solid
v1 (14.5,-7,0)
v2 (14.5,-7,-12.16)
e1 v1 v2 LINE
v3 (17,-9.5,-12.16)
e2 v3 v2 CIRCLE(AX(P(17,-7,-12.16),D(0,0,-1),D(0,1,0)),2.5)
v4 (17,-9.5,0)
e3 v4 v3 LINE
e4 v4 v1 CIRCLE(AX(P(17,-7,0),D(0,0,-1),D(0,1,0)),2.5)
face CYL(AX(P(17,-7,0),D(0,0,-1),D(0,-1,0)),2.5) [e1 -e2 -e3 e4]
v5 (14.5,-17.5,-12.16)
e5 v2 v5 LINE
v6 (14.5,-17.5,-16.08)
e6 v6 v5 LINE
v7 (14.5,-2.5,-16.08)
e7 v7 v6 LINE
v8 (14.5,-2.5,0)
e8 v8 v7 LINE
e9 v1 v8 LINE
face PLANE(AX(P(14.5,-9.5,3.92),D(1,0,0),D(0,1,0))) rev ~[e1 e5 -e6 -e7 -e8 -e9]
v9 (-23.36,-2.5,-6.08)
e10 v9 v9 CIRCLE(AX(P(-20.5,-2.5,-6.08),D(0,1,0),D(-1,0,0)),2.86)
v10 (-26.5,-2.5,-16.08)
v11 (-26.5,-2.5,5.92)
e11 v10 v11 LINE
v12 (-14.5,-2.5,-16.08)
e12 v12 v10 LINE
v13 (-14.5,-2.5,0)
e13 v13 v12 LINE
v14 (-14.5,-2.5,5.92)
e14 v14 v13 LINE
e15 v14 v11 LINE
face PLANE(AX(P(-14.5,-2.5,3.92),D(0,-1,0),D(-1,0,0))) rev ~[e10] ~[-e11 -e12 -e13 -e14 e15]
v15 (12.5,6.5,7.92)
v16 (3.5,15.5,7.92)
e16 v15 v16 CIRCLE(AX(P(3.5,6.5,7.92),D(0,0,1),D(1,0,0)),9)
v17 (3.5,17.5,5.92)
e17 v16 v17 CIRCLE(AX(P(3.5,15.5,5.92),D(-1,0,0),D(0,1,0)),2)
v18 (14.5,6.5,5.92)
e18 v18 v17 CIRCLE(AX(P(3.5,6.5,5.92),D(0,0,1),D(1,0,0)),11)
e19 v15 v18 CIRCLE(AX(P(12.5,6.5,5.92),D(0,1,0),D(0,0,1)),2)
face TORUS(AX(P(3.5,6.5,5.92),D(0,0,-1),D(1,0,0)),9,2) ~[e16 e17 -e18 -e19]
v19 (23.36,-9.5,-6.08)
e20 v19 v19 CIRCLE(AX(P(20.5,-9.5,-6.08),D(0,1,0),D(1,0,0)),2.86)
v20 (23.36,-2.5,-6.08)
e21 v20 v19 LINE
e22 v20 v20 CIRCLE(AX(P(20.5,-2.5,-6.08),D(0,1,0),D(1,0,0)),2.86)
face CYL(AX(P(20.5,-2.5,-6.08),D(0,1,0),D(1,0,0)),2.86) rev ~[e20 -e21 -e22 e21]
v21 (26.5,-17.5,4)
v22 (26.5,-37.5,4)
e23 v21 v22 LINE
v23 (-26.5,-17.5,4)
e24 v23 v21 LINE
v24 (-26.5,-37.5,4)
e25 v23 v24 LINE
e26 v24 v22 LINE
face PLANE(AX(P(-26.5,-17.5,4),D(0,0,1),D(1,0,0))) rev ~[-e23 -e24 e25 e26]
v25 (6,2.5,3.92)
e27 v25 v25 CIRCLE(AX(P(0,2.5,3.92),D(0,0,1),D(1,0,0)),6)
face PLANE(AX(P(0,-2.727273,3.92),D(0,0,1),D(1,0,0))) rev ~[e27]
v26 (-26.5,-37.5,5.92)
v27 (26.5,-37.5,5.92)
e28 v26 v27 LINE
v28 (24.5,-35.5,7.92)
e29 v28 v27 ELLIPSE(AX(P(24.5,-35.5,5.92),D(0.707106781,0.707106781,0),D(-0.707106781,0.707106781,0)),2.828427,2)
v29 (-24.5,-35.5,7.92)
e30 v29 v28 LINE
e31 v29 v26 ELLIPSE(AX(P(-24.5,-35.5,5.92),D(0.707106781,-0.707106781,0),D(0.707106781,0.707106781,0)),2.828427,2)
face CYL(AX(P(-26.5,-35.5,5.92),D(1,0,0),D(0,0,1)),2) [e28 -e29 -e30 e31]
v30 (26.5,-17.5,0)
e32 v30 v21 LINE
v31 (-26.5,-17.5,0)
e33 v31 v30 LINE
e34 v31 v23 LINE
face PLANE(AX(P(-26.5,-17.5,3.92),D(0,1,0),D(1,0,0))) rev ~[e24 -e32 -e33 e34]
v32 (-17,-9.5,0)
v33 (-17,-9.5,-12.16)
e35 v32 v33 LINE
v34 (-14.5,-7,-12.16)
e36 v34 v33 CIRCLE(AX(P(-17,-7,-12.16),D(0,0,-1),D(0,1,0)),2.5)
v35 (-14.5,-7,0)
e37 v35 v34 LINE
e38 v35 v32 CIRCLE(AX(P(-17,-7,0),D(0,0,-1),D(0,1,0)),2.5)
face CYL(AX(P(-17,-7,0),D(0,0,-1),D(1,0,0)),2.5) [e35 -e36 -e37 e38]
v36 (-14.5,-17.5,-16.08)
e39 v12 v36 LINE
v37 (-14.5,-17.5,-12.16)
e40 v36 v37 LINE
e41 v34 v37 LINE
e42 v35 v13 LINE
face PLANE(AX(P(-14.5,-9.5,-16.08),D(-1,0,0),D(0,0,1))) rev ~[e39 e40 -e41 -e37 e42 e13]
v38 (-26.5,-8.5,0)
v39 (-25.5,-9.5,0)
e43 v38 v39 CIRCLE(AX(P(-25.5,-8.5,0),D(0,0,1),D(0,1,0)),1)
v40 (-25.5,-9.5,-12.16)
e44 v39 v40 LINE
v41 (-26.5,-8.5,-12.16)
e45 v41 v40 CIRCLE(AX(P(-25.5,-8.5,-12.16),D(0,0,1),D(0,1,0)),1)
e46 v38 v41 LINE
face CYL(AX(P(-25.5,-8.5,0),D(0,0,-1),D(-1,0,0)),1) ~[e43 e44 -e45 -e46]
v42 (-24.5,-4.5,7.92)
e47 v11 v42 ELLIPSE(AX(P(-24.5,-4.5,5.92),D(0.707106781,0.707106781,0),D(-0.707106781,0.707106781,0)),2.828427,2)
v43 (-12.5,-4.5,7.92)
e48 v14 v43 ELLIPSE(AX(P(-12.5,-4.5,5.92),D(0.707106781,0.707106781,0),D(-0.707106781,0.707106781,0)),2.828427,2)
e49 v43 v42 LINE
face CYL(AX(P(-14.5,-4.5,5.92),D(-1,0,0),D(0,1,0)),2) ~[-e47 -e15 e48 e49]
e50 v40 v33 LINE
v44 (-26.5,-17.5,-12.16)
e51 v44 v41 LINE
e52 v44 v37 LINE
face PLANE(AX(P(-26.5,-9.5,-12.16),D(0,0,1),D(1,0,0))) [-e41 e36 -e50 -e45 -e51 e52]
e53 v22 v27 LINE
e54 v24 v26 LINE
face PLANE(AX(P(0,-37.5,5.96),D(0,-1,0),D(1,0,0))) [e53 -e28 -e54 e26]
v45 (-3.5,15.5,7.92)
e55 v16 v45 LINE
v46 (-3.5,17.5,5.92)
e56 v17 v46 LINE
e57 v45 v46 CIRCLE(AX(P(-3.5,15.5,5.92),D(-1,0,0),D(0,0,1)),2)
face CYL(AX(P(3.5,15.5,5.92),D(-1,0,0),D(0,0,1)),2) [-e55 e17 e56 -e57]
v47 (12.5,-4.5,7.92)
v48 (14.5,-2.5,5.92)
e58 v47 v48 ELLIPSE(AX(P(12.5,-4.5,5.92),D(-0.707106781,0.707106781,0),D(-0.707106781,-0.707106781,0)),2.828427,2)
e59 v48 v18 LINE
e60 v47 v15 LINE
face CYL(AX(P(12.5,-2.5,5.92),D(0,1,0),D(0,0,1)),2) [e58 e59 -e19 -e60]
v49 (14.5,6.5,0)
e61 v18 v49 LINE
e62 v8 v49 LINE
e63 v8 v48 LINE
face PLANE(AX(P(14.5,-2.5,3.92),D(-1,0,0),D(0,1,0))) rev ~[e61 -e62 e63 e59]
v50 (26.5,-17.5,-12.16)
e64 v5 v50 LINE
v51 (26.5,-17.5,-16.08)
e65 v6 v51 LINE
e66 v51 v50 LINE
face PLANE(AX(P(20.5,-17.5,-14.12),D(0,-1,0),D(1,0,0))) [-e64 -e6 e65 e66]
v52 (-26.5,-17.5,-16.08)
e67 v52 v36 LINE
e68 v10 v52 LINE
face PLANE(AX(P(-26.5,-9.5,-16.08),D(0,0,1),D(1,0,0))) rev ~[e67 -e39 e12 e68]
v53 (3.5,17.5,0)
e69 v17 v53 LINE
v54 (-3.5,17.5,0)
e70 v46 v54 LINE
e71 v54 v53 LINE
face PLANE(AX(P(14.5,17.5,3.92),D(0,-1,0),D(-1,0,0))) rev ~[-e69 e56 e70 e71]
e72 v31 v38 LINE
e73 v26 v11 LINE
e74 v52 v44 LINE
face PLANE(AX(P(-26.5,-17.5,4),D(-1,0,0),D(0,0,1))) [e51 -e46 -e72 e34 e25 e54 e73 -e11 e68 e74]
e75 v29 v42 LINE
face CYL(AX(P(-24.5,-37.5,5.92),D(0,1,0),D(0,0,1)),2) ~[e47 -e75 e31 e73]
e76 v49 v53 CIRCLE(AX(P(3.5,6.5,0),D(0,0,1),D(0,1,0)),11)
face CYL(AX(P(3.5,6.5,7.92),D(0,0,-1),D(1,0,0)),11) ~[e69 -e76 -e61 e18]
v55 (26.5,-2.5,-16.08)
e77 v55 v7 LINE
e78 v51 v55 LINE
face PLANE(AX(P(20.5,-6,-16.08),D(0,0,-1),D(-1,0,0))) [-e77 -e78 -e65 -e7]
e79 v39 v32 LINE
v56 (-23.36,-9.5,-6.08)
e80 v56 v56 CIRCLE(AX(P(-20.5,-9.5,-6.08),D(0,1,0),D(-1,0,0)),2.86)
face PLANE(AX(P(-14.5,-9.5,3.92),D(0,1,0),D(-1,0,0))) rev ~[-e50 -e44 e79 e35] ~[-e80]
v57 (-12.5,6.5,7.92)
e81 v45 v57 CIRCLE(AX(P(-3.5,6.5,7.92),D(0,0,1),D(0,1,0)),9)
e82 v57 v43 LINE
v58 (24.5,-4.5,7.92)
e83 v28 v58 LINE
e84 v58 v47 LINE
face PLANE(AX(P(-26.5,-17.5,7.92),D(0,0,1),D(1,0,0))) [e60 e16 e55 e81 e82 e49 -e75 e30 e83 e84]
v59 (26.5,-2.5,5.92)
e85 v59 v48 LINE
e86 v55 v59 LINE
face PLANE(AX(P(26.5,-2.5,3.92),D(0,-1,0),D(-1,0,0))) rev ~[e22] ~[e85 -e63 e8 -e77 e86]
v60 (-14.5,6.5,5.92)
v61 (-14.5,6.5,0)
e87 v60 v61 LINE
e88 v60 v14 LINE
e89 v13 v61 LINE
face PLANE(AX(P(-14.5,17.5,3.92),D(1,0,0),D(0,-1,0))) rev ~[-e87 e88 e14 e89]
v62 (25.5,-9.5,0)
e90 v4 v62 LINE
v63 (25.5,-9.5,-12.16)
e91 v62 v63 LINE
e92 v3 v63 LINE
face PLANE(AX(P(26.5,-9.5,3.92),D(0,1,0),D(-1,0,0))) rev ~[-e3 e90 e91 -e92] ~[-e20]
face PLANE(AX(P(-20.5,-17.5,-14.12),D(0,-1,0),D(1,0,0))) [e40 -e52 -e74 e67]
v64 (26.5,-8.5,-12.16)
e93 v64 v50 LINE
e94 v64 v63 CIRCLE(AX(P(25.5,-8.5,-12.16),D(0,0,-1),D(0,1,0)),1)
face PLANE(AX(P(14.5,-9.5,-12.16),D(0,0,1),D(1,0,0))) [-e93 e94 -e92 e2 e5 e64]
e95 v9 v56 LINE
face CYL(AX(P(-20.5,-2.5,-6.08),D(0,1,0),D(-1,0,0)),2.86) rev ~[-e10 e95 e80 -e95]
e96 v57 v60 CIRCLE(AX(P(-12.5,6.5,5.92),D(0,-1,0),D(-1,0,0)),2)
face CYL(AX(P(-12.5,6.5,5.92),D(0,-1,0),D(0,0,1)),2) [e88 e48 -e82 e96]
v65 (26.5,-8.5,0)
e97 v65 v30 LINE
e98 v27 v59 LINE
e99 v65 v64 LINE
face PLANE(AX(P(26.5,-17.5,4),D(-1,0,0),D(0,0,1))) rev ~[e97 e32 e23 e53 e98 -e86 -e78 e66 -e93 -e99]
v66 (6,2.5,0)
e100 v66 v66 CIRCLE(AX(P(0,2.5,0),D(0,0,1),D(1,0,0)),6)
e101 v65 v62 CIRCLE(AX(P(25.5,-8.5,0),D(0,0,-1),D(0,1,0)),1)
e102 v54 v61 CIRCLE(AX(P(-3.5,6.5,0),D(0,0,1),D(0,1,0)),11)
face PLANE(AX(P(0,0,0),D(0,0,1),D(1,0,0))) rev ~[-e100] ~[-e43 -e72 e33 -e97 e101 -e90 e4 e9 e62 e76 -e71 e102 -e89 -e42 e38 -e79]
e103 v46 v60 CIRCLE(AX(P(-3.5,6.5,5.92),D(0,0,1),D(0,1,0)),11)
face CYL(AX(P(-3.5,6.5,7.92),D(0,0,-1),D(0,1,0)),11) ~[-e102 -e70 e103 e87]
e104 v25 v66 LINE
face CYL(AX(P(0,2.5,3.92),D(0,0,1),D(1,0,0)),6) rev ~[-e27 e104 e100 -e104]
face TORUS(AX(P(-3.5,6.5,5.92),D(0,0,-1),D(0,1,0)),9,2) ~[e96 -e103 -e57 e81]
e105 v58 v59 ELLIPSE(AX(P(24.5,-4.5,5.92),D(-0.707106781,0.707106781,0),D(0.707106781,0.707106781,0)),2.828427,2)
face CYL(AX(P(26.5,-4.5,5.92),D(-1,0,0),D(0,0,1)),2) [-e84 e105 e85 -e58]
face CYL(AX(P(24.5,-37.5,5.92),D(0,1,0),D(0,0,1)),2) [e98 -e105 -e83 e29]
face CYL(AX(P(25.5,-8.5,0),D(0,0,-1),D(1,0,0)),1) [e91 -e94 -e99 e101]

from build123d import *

# Parameters (mm, degrees)
SKETCH_1_W           = 53
SKETCH_1_H           = 35
EXTRUDE_1_DEPTH      = 3.92
SKETCH_2_W           = 12
SKETCH_2_H           = 27
CUT_EXTRUDE_1_DEPTH  = 4
EXTRUDE_2_DEPTH      = 16.08
EXTRUDE_2_DEPTH_BACK = 3.92
SKETCH_3_W           = 12
SKETCH_3_H           = 7
SKETCH_4_W           = 12
SKETCH_4_H           = 3.92
EXTRUDE_3_DEPTH      = 8
SKETCH_5_R           = 2.86
CUT_EXTRUDE_2_DEPTH  = 37.889245045
SKETCH_6_R           = 6
CUT_EXTRUDE_3_DEPTH  = 4
EXTRUDE_4_DEPTH      = 4
SKETCH_8_W           = 53
SKETCH_8_H           = 3.92
EXTRUDE_5_DEPTH      = 20
FILLET_1_R           = 2.5
FILLET_2_R           = 11
FILLET_3_R           = 1
FILLET_4_R           = 2


with BuildPart() as part:
    # 스케치1 → 보스-돌출1 (new body)
    with BuildSketch(Plane.XY):
        Rectangle(SKETCH_1_W, SKETCH_1_H)
    extrude(amount=EXTRUDE_1_DEPTH)

    # 스케치2 → 컷-돌출1 (cut)
    with BuildSketch(Plane.XY.offset(3.92)):
        with Locations((-20.5, 4)):
            Rectangle(SKETCH_2_W, SKETCH_2_H)
        with Locations((20.5, 4)):
            Rectangle(SKETCH_2_W, SKETCH_2_H)
    extrude(amount=-CUT_EXTRUDE_1_DEPTH, mode=Mode.SUBTRACT)

    # 스케치3 → 보스-돌출2 (add, two sides: drawn at the far end of the back side and taken through both)
    with BuildSketch(Plane(origin=(0, 0, 0), x_dir=(-1, 0, 0), z_dir=(0, 0, -1)).offset(-EXTRUDE_2_DEPTH_BACK)):
        with Locations((-20.5, -6)):
            Rectangle(SKETCH_3_W, SKETCH_3_H)
        with Locations((20.5, -6)):
            Rectangle(SKETCH_3_W, SKETCH_3_H)
    extrude(amount=EXTRUDE_2_DEPTH + EXTRUDE_2_DEPTH_BACK)

    # 스케치4 → 보스-돌출3 (add)
    with BuildSketch(Plane.XZ.offset(9.5)):
        with Locations((-20.5, -14.12)):
            Rectangle(SKETCH_4_W, SKETCH_4_H)
        with Locations((20.5, -14.12)):
            Rectangle(SKETCH_4_W, SKETCH_4_H)
    extrude(amount=EXTRUDE_3_DEPTH)

    # 스케치5 → 컷-돌출2 (cut, through all)
    with BuildSketch(Plane(origin=(0, -2.5, 0), x_dir=(1, 0, 0), z_dir=(0, 1, 0))):
        with Locations(Location((-20.5, 6.08, 0), (0, 0, 180))):
            Circle(SKETCH_5_R)
        with Locations((20.5, 6.08)):
            Circle(SKETCH_5_R)
    extrude(amount=-CUT_EXTRUDE_2_DEPTH, mode=Mode.SUBTRACT)

    # 스케치6 → 컷-돌출3 (cut)
    with BuildSketch(Plane.XY.offset(3.92)):
        with Locations((0, 2.5)):
            Circle(SKETCH_6_R)
    extrude(amount=-CUT_EXTRUDE_3_DEPTH, mode=Mode.SUBTRACT)

    # 스케치7 → 보스-돌출4 (add)
    with BuildSketch(Plane.XY.offset(3.92)):
        Polygon((-14.5, -2.5), (-26.5, -2.5), (-26.5, -17.5), (26.5, -17.5), (26.5, -2.5), (14.5, -2.5), (14.5, 17.5), (-14.5, 17.5), align=None)
    extrude(amount=EXTRUDE_4_DEPTH)

    # 스케치8 → 보스-돌출5 (add)
    with BuildSketch(Plane.XZ.offset(17.5)):
        with Locations((0, 5.96)):
            Rectangle(SKETCH_8_W, SKETCH_8_H)
    extrude(amount=EXTRUDE_5_DEPTH)

    # 필렛1
    fillet_1_edges = [part.edges().sort_by_distance(p)[0] for p in [
        (14.5, -9.5, -6.08),
        (-14.5, -9.5, -6.08),
    ]]
    fillet(fillet_1_edges, radius=FILLET_1_R)

    # 필렛2
    fillet_2_edges = [part.edges().sort_by_distance(p)[0] for p in [
        (-14.5, 17.5, 3.96),
        (14.5, 17.5, 3.96),
    ]]
    fillet(fillet_2_edges, radius=FILLET_2_R)

    # 필렛3
    fillet_3_edges = [part.edges().sort_by_distance(p)[0] for p in [
        (26.5, -9.5, -6.08),
        (-26.5, -9.5, -6.08),
    ]]
    fillet(fillet_3_edges, radius=FILLET_3_R)

    # 필렛4
    fillet_4_edges = [part.edges().sort_by_distance(p)[0] for p in [
        (-20.5, -2.5, 7.92),
        (-26.5, -20, 7.92),
        (26.5, -20, 7.92),
        (20.5, -2.5, 7.92),
        (14.5, 2, 7.92),
        (0, -37.5, 7.92),
        (-14.5, 2, 7.92),
        (0, 17.5, 7.92),
        (-11.278174593, 14.278174593, 7.92),
        (11.278174593, 14.278174593, 7.92),
    ]]
    fillet(fillet_4_edges, radius=FILLET_4_R)


solid = part.part
